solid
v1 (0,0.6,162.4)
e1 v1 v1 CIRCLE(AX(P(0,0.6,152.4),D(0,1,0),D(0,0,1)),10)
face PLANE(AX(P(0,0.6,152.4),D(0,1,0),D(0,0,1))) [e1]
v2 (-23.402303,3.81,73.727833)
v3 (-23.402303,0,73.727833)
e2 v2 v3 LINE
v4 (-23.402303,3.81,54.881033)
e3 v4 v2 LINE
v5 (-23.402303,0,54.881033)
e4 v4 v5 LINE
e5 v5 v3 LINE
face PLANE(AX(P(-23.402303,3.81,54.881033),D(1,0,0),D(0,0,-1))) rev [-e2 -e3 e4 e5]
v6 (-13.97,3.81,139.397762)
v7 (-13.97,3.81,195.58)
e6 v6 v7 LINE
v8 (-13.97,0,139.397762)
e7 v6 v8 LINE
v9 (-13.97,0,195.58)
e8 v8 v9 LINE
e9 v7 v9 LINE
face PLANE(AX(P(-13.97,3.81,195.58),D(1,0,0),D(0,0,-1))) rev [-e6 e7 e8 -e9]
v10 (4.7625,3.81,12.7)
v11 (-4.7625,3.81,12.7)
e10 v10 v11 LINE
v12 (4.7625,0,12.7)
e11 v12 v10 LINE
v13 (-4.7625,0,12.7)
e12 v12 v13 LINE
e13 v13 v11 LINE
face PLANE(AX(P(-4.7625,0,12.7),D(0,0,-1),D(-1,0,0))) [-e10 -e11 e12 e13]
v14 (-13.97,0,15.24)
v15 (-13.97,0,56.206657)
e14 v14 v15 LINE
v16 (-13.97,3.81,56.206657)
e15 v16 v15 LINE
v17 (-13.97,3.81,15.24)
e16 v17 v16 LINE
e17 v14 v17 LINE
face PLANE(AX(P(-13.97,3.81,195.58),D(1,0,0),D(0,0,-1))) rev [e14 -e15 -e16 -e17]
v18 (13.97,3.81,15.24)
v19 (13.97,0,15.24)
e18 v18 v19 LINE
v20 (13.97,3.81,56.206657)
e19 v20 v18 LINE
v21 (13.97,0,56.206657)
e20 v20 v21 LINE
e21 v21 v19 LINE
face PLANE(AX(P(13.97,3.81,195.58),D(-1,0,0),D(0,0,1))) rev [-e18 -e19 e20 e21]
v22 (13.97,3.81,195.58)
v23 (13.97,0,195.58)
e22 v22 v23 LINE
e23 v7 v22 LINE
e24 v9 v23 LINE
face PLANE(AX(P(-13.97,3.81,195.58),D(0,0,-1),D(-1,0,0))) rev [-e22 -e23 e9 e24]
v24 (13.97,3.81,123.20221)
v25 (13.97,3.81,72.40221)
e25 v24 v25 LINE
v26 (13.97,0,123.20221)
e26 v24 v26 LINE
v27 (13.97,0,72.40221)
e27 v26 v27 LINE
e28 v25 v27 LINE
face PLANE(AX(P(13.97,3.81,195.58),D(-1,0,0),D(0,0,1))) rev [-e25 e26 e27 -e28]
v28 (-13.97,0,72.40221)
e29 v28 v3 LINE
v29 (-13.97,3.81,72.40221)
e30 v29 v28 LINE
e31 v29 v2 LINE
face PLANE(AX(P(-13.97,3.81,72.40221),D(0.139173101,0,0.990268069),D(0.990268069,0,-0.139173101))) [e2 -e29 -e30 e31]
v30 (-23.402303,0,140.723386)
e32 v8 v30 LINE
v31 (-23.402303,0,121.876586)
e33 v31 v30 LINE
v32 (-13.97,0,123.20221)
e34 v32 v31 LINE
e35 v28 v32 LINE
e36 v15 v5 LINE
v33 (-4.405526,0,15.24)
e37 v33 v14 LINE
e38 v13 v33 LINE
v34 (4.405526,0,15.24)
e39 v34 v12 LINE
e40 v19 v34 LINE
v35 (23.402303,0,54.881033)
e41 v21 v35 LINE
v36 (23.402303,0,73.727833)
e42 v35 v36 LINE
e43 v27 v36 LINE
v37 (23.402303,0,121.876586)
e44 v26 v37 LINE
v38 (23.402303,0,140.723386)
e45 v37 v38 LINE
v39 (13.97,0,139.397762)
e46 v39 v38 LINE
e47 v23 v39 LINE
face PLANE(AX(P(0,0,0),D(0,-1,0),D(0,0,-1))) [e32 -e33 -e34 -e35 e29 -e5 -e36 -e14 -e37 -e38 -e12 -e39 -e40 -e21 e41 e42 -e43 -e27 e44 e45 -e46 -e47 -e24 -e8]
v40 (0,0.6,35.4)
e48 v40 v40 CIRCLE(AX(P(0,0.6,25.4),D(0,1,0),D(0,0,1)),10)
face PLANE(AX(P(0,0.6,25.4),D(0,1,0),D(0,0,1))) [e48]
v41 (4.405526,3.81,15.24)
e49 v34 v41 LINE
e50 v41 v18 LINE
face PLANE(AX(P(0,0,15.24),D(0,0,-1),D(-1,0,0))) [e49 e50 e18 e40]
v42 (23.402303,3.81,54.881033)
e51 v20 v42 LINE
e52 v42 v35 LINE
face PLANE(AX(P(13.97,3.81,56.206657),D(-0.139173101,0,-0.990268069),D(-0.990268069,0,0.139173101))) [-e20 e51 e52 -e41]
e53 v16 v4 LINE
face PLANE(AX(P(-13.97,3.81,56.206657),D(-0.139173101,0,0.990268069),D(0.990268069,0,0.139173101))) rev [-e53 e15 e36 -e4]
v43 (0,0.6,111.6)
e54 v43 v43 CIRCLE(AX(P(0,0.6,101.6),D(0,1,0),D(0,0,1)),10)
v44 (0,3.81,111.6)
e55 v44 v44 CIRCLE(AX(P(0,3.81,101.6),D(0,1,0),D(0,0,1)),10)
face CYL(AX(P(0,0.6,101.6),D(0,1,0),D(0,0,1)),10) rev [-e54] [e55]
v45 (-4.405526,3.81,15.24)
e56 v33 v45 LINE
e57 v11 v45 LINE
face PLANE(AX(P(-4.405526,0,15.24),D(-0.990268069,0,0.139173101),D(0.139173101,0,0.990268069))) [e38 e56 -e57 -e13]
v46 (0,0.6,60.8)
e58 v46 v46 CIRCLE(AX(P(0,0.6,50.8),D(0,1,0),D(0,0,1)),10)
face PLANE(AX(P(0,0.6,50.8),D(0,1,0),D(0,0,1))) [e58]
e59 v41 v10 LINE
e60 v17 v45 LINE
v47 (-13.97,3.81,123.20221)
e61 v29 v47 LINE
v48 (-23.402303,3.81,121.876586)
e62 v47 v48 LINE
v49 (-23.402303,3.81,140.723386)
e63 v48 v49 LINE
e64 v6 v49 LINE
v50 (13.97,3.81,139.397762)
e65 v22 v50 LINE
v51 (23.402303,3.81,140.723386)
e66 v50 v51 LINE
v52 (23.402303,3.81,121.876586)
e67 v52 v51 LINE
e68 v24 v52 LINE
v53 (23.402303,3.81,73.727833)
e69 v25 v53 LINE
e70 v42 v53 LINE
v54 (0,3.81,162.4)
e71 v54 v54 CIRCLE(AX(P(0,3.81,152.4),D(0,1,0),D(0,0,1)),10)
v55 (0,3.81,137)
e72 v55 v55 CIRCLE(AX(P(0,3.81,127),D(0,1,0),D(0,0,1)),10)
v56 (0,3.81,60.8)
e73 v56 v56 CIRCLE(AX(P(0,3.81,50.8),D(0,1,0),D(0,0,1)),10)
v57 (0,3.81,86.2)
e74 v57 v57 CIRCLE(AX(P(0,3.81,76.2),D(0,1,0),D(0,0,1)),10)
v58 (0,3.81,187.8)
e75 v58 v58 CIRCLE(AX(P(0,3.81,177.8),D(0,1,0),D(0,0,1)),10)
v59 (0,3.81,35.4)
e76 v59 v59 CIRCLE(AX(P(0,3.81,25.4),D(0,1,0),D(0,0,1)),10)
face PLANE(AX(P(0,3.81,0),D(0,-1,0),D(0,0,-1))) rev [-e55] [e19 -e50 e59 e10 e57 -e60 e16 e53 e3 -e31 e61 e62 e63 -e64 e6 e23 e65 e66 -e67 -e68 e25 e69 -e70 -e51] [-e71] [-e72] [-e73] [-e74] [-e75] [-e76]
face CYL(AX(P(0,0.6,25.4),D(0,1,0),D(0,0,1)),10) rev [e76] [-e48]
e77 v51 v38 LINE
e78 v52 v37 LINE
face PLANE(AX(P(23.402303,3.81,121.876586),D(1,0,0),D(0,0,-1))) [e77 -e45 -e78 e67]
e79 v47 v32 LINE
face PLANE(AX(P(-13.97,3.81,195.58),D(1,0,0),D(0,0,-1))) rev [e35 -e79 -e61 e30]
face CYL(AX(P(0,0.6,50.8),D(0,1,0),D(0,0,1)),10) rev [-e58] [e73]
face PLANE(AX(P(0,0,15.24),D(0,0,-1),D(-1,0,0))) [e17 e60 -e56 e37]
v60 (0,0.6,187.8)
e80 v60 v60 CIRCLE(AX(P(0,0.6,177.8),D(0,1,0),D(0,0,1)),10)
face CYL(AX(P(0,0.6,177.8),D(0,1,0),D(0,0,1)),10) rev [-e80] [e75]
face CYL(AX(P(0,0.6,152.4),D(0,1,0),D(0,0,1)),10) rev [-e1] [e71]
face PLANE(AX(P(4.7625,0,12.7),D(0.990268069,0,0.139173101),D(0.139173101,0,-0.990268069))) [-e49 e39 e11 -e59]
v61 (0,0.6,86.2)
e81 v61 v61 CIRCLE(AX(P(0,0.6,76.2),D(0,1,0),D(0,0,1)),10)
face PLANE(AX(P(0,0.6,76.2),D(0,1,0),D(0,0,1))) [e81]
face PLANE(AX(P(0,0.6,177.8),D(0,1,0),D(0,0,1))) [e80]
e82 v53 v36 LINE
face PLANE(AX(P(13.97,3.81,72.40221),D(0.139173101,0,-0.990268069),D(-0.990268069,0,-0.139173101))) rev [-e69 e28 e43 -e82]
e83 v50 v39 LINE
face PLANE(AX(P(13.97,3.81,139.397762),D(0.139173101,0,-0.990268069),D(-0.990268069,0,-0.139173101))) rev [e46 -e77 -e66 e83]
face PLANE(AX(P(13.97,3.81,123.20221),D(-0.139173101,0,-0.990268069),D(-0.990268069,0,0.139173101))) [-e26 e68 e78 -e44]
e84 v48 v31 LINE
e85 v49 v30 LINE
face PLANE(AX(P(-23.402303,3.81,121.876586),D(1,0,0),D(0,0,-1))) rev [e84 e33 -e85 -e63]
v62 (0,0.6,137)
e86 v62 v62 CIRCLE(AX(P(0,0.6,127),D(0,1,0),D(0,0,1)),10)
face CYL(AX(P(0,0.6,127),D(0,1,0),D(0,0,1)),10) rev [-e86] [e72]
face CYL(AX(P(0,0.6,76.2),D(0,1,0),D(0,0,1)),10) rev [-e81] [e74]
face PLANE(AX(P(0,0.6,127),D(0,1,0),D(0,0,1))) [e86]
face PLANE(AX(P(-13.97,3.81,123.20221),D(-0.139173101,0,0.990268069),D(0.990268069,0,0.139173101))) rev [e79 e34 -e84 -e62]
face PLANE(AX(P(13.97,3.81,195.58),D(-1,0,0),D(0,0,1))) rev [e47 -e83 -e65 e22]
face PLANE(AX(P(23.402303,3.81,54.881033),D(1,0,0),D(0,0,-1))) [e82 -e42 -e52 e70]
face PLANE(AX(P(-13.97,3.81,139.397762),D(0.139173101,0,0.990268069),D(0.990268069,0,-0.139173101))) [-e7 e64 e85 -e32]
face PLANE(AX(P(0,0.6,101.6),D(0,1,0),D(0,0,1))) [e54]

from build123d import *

# Parameters (mm, degrees)
SKETCH1_W           = 27.94
SKETCH1_H           = 391.16
BOSS_EXTRUDE1_DEPTH = 3.81
SKETCH2_R           = 10
CUT_EXTRUDE1_DEPTH  = 3.21
BOSS_EXTRUDE2_DEPTH = 3.81
SKETCH7_W           = 46.80460671
SKETCH7_H           = 3.81
CUT_EXTRUDE2_DEPTH  = 210.82
BOSS_EXTRUDE4_DEPTH = 3.81


with BuildPart() as part:
    # Sketch1 → Boss-Extrude1 (new body)
    with BuildSketch(Plane(origin=(0, 0, 0), x_dir=(1, 0, 0), z_dir=(0, 1, 0))):
        Rectangle(SKETCH1_W, SKETCH1_H)
    extrude(amount=BOSS_EXTRUDE1_DEPTH)

    # Sketch2 → Cut-Extrude1 (cut)
    with BuildSketch(Plane(origin=(0, 3.81, 0), x_dir=(1, 0, 0), z_dir=(0, 1, 0))):
        with Locations((0, 177.8)):
            Circle(SKETCH2_R)
        with Locations((0, 152.4)):
            Circle(SKETCH2_R)
        with Locations((0, 127)):
            Circle(SKETCH2_R)
        with Locations((0, 101.6)):
            Circle(SKETCH2_R)
        with Locations((0, 76.2)):
            Circle(SKETCH2_R)
        with Locations((0, 50.8)):
            Circle(SKETCH2_R)
        with Locations((0, 25.4)):
            Circle(SKETCH2_R)
        Circle(SKETCH2_R)
        with Locations((0, -25.4)):
            Circle(SKETCH2_R)
        with Locations((0, -50.8)):
            Circle(SKETCH2_R)
        with Locations((0, -76.2)):
            Circle(SKETCH2_R)
        with Locations((0, -101.6)):
            Circle(SKETCH2_R)
        with Locations((0, -127)):
            Circle(SKETCH2_R)
        with Locations((0, -152.4)):
            Circle(SKETCH2_R)
        with Locations((0, -177.8)):
            Circle(SKETCH2_R)
    extrude(amount=-CUT_EXTRUDE1_DEPTH, mode=Mode.SUBTRACT)

    # Sketch4 → Boss-Extrude2 (add)
    with BuildSketch(Plane(origin=(0, 0, 0), x_dir=(1, 0, 0), z_dir=(0, 1, 0))):
        Polygon((23.402303355, -54.881033493), (13.97, -56.20665728), (13.97, -72.402209707), (23.402303355, -73.727833493), align=None)
        Polygon((23.402303355, 146.105623787), (13.97, 144.78), (13.97, 128.584447573), (23.402303355, 127.258823787), align=None)
        Polygon((-13.97, 128.584447573), (-13.97, 144.78), (-23.402303355, 146.105623787), (-23.402303355, 127.258823787), align=None)
        Polygon((23.402303355, 79.11007136), (13.97, 77.784447573), (13.97, 61.588895147), (23.402303355, 60.26327136), align=None)
        Polygon((23.402303355, 12.114518933), (13.97, 10.788895147), (13.97, -5.40665728), (23.402303355, -6.732281067), align=None)
        Polygon((-13.97, -5.40665728), (-13.97, 10.788895147), (-23.402303355, 12.114518933), (-23.402303355, -6.732281067), align=None)
        Polygon((-13.97, 61.588895147), (-13.97, 77.784447573), (-23.402303355, 79.11007136), (-23.402303355, 60.26327136), align=None)
        Polygon((23.402303355, -121.87658592), (13.97, -123.202209707), (13.97, -139.397762134), (23.402303355, -140.72338592), align=None)
        Polygon((-13.97, -139.397762134), (-13.97, -123.202209707), (-23.402303355, -121.87658592), (-23.402303355, -140.72338592), align=None)
        Polygon((-13.97, -72.402209707), (-13.97, -56.20665728), (-23.402303355, -54.881033493), (-23.402303355, -73.727833493), align=None)
    extrude(amount=BOSS_EXTRUDE2_DEPTH)

    # Sketch7 → Cut-Extrude2 (cut)
    with BuildSketch(Plane(origin=(0, 0, -195.58), x_dir=(-1, 0, 0), z_dir=(0, 0, -1))):
        with Locations((0, 1.905)):
            Rectangle(SKETCH7_W, SKETCH7_H)
    extrude(amount=-CUT_EXTRUDE2_DEPTH, mode=Mode.SUBTRACT)

    # Sketch8 → Boss-Extrude4 (add)
    with BuildSketch(Plane(origin=(0, 3.81, 0), x_dir=(1, 0, 0), z_dir=(0, 1, 0))):
        Polygon((-4.40552628, -15.24), (-4.7625, -12.7), (4.7625, -12.7), (4.40552628, -15.24), align=None)
    extrude(amount=-BOSS_EXTRUDE4_DEPTH)


solid = part.part
